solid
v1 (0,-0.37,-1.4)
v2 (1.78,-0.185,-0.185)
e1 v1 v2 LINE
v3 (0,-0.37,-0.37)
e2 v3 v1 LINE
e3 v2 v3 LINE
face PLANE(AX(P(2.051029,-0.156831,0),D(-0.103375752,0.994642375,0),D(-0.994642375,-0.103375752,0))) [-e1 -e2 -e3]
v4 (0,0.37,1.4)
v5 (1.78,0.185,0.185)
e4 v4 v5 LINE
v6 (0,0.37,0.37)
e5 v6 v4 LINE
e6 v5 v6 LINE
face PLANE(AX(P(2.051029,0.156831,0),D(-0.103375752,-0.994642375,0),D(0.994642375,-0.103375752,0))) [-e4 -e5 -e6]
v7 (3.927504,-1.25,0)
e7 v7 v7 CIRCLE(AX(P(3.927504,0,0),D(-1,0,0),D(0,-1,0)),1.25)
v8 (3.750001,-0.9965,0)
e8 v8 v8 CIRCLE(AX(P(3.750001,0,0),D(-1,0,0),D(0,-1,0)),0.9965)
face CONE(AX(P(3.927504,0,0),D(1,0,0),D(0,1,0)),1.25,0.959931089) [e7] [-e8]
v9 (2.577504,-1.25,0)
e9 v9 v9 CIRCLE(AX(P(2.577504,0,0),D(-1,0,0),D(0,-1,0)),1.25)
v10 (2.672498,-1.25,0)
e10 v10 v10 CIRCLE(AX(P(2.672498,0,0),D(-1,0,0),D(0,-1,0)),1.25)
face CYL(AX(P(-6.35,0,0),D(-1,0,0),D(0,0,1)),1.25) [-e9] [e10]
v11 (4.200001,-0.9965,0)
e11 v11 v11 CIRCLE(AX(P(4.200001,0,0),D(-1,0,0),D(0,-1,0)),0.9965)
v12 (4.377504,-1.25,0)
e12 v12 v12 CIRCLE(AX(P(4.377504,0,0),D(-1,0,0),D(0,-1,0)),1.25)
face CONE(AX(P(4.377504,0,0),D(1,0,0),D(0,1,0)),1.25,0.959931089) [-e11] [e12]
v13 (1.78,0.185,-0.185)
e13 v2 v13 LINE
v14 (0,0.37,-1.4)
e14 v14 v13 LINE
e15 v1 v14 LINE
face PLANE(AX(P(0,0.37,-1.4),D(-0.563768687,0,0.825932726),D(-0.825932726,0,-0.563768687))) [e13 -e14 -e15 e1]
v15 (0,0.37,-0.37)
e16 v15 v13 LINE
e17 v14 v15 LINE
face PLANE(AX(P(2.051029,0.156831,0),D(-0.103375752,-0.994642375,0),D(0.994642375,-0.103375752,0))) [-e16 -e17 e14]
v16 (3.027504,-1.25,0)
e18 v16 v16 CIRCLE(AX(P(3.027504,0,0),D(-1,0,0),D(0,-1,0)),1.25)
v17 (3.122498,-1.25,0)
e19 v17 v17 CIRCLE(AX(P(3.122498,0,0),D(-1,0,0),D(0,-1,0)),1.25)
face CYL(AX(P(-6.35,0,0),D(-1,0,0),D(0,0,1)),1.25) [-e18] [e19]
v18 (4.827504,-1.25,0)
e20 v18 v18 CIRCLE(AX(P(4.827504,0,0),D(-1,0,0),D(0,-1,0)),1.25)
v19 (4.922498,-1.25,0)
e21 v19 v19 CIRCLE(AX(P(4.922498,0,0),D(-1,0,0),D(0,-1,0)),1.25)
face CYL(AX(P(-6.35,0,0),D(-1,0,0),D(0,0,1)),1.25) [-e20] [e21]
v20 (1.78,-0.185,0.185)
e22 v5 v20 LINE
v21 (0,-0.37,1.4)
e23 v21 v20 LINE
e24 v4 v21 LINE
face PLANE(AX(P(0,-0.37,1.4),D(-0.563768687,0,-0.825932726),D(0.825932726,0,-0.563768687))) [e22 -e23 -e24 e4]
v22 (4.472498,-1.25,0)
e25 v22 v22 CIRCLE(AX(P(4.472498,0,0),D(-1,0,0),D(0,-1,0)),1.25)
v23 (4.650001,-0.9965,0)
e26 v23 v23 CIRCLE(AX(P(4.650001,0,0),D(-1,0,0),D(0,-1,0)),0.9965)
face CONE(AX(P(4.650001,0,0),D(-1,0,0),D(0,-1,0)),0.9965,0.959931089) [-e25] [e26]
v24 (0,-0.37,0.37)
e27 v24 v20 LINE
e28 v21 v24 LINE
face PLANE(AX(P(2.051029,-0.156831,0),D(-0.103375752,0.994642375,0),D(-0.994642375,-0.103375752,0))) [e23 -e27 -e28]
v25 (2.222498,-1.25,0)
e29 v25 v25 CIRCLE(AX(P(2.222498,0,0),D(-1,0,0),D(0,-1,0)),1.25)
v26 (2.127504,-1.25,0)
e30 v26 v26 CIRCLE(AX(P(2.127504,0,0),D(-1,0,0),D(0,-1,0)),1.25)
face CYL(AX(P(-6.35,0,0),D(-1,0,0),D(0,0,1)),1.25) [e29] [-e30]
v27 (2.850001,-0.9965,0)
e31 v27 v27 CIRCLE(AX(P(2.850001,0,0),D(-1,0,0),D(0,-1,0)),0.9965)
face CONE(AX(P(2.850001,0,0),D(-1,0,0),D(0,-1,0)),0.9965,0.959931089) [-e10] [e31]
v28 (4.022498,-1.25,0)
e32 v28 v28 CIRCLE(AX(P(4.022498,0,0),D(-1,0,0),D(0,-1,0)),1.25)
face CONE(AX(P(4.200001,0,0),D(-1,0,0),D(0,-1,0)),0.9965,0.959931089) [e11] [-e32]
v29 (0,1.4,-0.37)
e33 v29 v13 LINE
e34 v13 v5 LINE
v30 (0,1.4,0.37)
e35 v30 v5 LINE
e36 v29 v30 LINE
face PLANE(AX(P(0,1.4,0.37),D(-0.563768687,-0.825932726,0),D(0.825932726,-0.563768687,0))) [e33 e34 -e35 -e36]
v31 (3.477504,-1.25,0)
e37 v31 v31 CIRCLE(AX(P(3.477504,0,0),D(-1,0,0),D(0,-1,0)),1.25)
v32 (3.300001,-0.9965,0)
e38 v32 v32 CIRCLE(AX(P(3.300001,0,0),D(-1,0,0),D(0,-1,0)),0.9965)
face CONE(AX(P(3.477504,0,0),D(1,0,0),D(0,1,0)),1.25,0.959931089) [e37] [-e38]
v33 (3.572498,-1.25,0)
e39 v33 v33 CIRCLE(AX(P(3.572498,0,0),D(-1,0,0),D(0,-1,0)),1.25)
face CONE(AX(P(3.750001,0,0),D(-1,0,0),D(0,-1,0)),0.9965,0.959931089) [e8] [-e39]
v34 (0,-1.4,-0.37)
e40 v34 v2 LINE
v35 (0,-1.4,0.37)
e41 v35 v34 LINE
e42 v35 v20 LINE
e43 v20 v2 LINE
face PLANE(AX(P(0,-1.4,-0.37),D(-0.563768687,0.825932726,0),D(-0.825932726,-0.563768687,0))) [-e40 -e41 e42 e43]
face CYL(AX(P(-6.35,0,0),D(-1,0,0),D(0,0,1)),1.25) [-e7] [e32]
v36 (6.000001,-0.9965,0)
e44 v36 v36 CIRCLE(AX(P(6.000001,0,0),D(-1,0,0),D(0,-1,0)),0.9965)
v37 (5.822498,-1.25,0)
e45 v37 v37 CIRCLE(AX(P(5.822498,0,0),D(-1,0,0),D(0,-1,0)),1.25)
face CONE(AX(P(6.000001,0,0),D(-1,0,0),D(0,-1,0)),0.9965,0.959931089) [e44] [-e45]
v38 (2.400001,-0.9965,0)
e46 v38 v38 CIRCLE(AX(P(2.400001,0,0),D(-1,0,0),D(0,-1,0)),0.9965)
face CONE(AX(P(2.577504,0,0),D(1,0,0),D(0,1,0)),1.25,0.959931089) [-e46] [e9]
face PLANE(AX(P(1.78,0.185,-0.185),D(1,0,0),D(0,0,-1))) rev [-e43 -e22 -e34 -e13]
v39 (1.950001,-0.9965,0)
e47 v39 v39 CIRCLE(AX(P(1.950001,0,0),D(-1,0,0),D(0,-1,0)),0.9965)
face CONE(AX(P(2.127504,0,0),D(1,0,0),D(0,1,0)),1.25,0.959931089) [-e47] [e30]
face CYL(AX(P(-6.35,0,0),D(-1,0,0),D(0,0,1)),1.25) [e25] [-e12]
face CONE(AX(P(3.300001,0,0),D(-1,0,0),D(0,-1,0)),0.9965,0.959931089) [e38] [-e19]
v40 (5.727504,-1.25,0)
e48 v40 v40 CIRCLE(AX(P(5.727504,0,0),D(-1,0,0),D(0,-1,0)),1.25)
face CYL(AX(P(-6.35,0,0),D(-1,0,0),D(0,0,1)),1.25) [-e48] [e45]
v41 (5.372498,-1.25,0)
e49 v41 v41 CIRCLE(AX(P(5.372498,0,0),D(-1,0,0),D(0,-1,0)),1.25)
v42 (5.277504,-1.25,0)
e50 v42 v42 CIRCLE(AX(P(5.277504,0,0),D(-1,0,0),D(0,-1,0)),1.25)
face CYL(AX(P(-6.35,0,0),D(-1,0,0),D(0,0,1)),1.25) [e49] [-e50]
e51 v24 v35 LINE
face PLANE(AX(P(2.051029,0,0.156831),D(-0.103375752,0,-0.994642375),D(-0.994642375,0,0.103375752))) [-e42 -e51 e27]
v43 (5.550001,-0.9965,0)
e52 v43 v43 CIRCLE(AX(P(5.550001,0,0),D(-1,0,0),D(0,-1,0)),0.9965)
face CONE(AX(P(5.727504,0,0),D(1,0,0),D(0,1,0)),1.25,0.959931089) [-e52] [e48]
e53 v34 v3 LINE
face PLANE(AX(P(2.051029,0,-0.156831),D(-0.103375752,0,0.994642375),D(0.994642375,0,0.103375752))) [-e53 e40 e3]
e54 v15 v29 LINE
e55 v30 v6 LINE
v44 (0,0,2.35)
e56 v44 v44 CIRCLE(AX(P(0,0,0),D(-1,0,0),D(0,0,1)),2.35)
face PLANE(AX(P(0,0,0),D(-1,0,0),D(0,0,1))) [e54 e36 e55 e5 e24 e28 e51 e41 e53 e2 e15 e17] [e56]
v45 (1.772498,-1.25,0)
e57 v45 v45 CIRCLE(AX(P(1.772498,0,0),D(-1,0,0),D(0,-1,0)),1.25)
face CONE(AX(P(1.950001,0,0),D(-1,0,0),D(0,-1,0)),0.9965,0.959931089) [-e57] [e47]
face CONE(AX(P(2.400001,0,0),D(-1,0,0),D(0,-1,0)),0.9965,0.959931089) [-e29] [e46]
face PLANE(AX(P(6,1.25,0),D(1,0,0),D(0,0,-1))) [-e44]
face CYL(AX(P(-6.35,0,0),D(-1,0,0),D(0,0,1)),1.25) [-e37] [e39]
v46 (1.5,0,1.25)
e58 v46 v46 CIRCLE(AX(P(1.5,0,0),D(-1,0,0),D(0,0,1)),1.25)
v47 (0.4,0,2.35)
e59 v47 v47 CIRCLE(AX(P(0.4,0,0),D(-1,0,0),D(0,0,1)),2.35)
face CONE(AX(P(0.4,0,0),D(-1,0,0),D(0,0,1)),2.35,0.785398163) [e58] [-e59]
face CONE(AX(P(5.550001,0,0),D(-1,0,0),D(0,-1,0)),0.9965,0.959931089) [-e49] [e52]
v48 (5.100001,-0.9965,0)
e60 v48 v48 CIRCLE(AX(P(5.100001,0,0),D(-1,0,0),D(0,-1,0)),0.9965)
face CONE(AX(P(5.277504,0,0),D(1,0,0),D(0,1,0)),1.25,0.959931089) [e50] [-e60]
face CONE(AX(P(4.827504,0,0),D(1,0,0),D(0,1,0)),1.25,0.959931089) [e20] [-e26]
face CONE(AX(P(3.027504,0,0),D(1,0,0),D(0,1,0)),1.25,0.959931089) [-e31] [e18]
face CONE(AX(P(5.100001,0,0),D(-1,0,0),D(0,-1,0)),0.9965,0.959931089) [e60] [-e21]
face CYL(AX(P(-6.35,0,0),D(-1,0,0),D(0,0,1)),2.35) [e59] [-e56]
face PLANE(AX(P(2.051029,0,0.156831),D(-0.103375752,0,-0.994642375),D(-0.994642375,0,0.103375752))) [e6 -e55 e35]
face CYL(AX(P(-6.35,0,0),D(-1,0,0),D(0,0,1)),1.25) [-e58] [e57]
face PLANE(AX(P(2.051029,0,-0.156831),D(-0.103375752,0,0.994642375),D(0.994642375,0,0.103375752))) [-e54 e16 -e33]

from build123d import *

# Parameters (mm, degrees)
CIRPATTERN1_COUNT = 2
CIRPATTERN1_ANGLE = 90
THDSCHPAT_COUNT   = 10
THDSCHPAT_PITCH   = 0.45


with BuildPart() as part:
    # BodySke → Base-Revolve (revolve)
    with BuildSketch(Plane.XY, mode=Mode.PRIVATE) as base_revolve_sk:
        Polygon((0, 0), (0, 2.35), (0.4, 2.35), (1.5, 1.25), (6, 1.25), (6, 0), align=None)
    revolve(base_revolve_sk.sketch.rotate(Axis((-6.35, 0, 0), (1, 0, 0)), 90), axis=Axis((-6.35, 0, 0), (1, 0, 0)))

    # Sketch3 → Cross section 0
    with BuildSketch(Plane.ZY):
        with BuildLine():
            Line((-0.37, 1.4), (0.37, 1.4))
            Line((0.37, 1.4), (0.37, -1.4))
            Line((0.37, -1.4), (-0.37, -1.4))
            Line((-0.37, -1.4), (-0.37, 1.4))
        make_face()
    # Sketch4 → Cross section 1
    with BuildSketch(Plane.ZY.offset(-1.78)):
        with BuildLine():
            Line((-0.185, 0.185), (0.185, 0.185))
            Line((0.185, 0.185), (0.185, -0.185))
            Line((0.185, -0.185), (-0.185, -0.185))
            Line((-0.185, -0.185), (-0.185, 0.185))
        make_face()
    cross = loft(mode=Mode.SUBTRACT)

    # CirPattern1: Cross ×2 about axis
    cirpattern1_axis = Axis((0, 0, 0), (1, 0, 0))
    for i in range(1, CIRPATTERN1_COUNT):
        add(cross.rotate(cirpattern1_axis, i * CIRPATTERN1_ANGLE / (CIRPATTERN1_COUNT - 1)), mode=Mode.SUBTRACT)

    # ThdSchSke → ThreadSchematic (revolve, cut)
    with BuildSketch(Plane.XY):
        Polygon((1.950001, -0.9965), (1.772498389, -1.25), (1.772498389, -1.5625), (2.127503611, -1.5625), (2.127503611, -1.25), align=None)
    threadschematic = revolve(axis=Axis((-3.175, 0, 0), (1, 0, 0)), mode=Mode.SUBTRACT)

    # ThdSchPat: ThreadSchematic ×10
    with Locations(*[(i * THDSCHPAT_PITCH, 0, 0) for i in range(1, THDSCHPAT_COUNT)]):
        add(threadschematic, mode=Mode.SUBTRACT)


solid = part.part
